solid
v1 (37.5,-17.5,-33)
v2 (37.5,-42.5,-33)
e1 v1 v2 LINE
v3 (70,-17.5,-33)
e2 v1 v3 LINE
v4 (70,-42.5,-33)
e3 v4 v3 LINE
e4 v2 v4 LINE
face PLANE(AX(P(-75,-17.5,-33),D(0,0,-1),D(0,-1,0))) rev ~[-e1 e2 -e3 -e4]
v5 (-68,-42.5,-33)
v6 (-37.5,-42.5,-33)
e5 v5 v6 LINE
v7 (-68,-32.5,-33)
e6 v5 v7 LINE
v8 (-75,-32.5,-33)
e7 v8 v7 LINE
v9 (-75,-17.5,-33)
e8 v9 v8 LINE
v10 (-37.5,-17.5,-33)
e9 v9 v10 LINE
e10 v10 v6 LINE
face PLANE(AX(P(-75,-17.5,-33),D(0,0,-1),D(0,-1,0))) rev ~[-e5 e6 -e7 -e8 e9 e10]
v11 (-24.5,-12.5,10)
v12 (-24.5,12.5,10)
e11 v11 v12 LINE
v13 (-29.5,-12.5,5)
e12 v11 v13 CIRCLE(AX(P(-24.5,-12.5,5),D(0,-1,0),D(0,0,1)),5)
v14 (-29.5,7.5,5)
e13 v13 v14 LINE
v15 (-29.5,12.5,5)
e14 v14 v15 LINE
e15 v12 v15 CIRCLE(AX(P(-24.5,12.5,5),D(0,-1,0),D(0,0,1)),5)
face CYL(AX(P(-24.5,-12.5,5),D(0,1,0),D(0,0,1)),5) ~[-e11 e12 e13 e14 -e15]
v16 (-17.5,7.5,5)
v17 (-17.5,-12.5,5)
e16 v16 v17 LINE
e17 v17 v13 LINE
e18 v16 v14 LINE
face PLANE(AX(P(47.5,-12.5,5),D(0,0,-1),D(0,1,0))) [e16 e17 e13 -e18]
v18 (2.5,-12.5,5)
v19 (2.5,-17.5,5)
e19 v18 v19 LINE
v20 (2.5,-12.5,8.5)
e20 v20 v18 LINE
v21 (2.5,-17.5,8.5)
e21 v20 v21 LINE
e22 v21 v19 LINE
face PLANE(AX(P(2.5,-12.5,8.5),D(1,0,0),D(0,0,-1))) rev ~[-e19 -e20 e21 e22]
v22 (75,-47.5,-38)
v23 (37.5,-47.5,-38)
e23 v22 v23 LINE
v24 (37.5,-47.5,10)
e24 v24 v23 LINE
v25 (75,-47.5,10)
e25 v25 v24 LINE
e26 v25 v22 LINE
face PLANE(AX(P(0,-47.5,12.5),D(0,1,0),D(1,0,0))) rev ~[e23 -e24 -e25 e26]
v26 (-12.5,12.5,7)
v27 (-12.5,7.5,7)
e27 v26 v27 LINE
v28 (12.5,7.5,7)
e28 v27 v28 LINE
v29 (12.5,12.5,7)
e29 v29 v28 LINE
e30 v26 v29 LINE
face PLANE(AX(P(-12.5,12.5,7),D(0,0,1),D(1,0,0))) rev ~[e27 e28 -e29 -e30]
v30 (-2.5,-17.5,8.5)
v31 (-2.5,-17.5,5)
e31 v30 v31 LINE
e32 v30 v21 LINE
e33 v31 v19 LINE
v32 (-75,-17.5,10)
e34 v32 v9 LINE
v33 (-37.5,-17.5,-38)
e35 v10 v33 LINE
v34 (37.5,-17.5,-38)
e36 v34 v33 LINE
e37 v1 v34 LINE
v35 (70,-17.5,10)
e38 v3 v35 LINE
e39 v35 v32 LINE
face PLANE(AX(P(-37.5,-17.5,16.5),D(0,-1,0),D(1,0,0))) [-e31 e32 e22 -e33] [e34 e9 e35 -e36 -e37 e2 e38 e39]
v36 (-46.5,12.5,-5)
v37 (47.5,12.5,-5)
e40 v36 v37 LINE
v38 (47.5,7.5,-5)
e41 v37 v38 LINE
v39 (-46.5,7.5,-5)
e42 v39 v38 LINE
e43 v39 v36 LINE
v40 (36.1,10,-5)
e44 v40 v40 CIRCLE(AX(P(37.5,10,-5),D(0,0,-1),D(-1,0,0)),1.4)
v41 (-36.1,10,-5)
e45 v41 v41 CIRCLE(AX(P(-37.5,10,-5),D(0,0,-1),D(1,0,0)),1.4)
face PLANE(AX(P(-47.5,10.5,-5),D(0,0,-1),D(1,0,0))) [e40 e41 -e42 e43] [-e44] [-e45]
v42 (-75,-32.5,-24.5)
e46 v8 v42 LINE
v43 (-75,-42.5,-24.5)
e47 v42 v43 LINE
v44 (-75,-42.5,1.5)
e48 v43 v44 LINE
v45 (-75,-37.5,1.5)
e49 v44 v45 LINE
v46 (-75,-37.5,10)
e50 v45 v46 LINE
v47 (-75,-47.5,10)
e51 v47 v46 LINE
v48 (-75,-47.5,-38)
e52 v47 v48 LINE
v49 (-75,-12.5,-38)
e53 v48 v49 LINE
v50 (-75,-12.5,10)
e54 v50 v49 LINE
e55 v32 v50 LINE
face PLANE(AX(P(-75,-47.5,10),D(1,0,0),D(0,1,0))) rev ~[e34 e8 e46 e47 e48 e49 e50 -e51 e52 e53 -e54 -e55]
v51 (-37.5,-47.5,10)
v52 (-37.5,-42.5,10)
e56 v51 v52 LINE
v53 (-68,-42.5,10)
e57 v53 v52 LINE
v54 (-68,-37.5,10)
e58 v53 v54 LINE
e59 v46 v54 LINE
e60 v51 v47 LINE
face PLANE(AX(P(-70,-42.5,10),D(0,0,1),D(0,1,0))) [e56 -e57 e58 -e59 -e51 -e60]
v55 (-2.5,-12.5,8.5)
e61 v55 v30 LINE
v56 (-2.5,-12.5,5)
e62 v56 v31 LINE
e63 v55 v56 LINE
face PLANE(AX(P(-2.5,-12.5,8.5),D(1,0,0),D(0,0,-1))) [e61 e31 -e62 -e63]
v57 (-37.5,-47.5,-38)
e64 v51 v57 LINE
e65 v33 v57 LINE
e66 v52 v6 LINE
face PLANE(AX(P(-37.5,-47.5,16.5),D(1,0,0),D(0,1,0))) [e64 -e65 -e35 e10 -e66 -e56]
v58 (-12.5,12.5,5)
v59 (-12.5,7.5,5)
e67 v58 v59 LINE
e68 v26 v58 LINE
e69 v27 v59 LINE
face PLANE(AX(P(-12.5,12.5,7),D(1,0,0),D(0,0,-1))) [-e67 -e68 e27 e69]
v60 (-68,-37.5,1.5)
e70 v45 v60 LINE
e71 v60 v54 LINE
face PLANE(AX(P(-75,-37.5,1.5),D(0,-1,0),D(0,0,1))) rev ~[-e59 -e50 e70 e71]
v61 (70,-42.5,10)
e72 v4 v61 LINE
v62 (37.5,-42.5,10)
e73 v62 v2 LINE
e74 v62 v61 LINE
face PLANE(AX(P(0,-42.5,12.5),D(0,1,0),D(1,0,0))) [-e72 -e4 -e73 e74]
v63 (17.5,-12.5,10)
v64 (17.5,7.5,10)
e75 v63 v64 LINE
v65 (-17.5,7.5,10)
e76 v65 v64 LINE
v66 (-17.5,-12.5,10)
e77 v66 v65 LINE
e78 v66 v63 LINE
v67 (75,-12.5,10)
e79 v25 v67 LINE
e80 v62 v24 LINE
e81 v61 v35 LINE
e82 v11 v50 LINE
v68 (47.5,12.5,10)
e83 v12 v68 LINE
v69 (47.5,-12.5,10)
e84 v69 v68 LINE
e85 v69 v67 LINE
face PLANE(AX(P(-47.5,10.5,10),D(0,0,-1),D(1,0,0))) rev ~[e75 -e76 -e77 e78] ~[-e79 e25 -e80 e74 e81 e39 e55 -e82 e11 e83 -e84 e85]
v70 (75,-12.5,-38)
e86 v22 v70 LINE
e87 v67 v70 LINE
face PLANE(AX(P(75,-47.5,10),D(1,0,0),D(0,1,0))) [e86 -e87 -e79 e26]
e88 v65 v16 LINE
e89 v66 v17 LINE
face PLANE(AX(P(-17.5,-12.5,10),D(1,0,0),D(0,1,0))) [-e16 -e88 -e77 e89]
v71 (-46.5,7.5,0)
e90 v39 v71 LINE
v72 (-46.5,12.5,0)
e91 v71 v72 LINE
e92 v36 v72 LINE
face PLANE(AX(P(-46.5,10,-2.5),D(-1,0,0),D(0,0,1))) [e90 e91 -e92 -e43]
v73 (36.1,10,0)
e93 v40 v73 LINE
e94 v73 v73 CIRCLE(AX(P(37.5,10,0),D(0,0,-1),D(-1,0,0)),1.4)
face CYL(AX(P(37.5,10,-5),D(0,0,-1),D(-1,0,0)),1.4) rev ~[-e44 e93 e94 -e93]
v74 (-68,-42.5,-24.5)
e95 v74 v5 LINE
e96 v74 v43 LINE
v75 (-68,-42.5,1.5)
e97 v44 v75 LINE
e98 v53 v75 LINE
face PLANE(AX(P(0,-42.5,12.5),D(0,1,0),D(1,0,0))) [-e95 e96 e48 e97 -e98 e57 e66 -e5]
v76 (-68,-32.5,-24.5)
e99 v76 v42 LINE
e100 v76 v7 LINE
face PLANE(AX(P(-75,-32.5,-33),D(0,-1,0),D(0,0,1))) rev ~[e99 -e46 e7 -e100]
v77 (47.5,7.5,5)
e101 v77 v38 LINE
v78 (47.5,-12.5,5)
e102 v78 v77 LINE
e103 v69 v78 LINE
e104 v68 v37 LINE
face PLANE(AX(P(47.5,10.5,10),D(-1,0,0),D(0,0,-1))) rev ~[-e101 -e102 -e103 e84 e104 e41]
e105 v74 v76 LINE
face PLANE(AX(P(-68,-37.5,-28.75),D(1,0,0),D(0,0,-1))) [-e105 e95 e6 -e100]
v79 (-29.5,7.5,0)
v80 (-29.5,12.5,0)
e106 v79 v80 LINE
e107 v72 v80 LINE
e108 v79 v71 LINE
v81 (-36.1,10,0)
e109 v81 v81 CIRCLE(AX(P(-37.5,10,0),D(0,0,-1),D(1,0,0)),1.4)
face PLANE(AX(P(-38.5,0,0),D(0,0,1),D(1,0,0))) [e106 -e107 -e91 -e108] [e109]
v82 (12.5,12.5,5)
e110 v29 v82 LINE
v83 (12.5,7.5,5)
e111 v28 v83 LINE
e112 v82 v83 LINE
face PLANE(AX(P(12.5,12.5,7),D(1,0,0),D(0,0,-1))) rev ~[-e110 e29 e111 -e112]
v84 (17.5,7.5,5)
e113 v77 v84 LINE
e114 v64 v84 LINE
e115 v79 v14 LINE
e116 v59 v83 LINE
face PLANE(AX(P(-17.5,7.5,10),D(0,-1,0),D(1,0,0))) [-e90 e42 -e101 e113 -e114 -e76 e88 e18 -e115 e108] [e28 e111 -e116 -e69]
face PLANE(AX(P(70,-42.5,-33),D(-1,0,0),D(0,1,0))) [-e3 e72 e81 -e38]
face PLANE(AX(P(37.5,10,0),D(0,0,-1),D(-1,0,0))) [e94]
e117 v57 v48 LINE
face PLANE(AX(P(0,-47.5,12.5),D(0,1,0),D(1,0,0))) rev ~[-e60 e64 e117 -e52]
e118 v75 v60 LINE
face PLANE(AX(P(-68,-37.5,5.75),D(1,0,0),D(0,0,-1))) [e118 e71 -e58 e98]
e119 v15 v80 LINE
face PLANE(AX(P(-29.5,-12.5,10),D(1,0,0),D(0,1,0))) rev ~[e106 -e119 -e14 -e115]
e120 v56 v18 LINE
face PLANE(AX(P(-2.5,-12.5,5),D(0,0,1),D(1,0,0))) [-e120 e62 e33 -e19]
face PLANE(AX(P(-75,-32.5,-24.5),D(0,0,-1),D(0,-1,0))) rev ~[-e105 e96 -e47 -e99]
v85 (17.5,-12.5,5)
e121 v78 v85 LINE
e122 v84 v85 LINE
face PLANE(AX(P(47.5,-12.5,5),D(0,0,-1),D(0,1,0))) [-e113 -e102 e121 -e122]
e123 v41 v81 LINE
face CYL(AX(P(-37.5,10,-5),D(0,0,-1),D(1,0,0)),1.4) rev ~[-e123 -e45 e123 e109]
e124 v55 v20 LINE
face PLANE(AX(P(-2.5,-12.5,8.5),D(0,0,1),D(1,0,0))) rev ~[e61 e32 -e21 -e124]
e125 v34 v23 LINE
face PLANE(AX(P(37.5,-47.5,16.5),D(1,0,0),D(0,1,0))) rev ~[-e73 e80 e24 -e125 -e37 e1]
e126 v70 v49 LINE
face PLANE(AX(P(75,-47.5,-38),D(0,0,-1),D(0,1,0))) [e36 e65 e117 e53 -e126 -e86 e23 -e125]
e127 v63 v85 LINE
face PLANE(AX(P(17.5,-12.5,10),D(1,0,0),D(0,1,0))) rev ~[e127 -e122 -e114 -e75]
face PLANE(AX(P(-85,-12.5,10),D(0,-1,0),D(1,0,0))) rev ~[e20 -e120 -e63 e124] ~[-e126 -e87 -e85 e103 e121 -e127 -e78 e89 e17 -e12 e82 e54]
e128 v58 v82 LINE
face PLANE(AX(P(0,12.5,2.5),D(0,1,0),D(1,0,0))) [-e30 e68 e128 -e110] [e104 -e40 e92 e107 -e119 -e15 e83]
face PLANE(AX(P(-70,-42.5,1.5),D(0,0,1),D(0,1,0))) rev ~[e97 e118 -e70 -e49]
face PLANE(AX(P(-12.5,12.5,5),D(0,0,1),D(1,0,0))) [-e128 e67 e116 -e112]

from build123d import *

# Parameters (mm, degrees)
CROQUIS1_W                  = 7.5
CROQUIS1_H                  = 15
CROQUIS1_W_2                = 95
CROQUIS1_H_2                = 3
SALIENTE_EXTRUIR1_DEPTH     = 5
CROQUIS2_W                  = 95
CROQUIS2_H                  = 3
SALIENTE_EXTRUIR2_DEPTH     = 5
CROQUIS5_W                  = 5
CROQUIS5_H                  = 15
CORTAR_EXTRUIR2_DEPTH       = 96.709194961
CROQUIS6_W                  = 5
CROQUIS6_H                  = 23
SALIENTE_EXTRUIR3_DEPTH     = 95
CROQUIS7_W                  = 35
CROQUIS7_H                  = 20
CORTAR_EXTRUIR3_DEPTH       = 52.35659646
CROQUIS9_W                  = 165
CROQUIS9_H                  = 40
SALIENTE_EXTRUIR4_DEPTH     = 50
CROQUIS15_W                 = 95
CROQUIS15_H                 = 15
SALIENTE_EXTRUIR7_DEPTH     = 2
CROQUIS16_R                 = 1.4
CORTAR_EXTRUIR7_DEPTH       = 5
CROQUIS18_W                 = 25
CROQUIS18_H                 = 2
CORTAR_EXTRUIR9_DEPTH       = 5
CORTAR_EXTRUIR10_DEPTH      = 112.719514858
CORTAR_EXTRUIR10_DEPTH_BACK = 43
CROQUIS19_W                 = 140
CROQUIS19_H                 = 25
CROQUIS20_W                 = 10
CROQUIS20_H                 = 35
CROQUIS20_H_2               = 5
CROQUIS20_W_2               = 150
CROQUIS20_W_3               = 5
CORTAR_EXTRUIR11_DEPTH      = 112.719514858
CROQUIS23_W                 = 2
CROQUIS23_H                 = 35
CORTAR_EXTRUIR12_DEPTH      = 163.346080951
CORTAR_EXTRUIR13_DEPTH      = 5
CROQUIS25_W                 = 8
CROQUIS25_H                 = 8
CROQUIS25_W_2               = 5
CROQUIS25_H_2               = 5
SALIENTE_EXTRUIR8_DEPTH     = 5
CROQUIS27_W                 = 5
CROQUIS27_H                 = 3.5
CORTAR_EXTRUIR14_DEPTH      = 5
CROQUIS28_W                 = 8.5
CROQUIS28_H                 = 10
SALIENTE_EXTRUIR9_DEPTH     = 2
CROQUIS29_W                 = 75
CROQUIS29_H                 = 30
CORTAR_EXTRUIR15_DEPTH      = 105.170533262
CROQUIS30_W                 = 8.5
CROQUIS30_H                 = 5
CORTAR_EXTRUIR16_DEPTH      = 7
CROQUIS31_W                 = 18
CROQUIS31_H                 = 25
CORTAR_EXTRUIR17_DEPTH      = 10
CROQUIS32_W                 = 5
CROQUIS32_H                 = 5
CORTAR_EXTRUIR18_DEPTH      = 1
REDONDEO4_R                 = 5


with BuildPart() as part:
    # Croquis1 → Saliente-Extruir1 (new body)
    with BuildSketch(Plane.XY):
        with Locations((43.75, 0)):
            Rectangle(CROQUIS1_W, CROQUIS1_H)
        with Locations((0, 9)):
            Rectangle(CROQUIS1_W_2, CROQUIS1_H_2)
        with Locations((-43.75, 0)):
            Rectangle(CROQUIS1_W, CROQUIS1_H)
    extrude(amount=SALIENTE_EXTRUIR1_DEPTH)

    # Croquis2 → Saliente-Extruir2 (add)
    with BuildSketch(Plane(origin=(0, 0, 0), x_dir=(-1, 0, 0), z_dir=(0, 0, -1))):
        with Locations((0, 9)):
            Rectangle(CROQUIS2_W, CROQUIS2_H)
    extrude(amount=SALIENTE_EXTRUIR2_DEPTH)

    # Croquis5 → Cortar-Extruir2 (cut, through all)
    with BuildSketch(Plane(origin=(47.5, 0, 0), x_dir=(0, 0, -1), z_dir=(1, 0, 0))):
        with Locations((-2.5, 0)):
            Rectangle(CROQUIS5_W, CROQUIS5_H)
    extrude(amount=-CORTAR_EXTRUIR2_DEPTH, mode=Mode.SUBTRACT)

    # Croquis6 → Saliente-Extruir3 (add, through all)
    with BuildSketch(Plane(origin=(47.5, 0, 0), x_dir=(0, 0, -1), z_dir=(1, 0, 0))):
        with Locations((-7.5, -1)):
            Rectangle(CROQUIS6_W, CROQUIS6_H)
    extrude(amount=-SALIENTE_EXTRUIR3_DEPTH)

    # Croquis7 → Cortar-Extruir3 (cut, through all)
    with BuildSketch(Plane.XY.offset(10)):
        with Locations((0, -2.5)):
            Rectangle(CROQUIS7_W, CROQUIS7_H)
    extrude(amount=-CORTAR_EXTRUIR3_DEPTH, mode=Mode.SUBTRACT)

    # Croquis9 → Saliente-Extruir4 (add)
    with BuildSketch(Plane.XY.offset(10)):
        with Locations((-2.5, -32.5)):
            Rectangle(CROQUIS9_W, CROQUIS9_H)
    extrude(amount=-SALIENTE_EXTRUIR4_DEPTH)

    # Croquis15 → Saliente-Extruir7 (add)
    with BuildSketch(Plane(origin=(0, 10.5, 0), x_dir=(1, 0, 0), z_dir=(0, 1, 0))):
        with Locations((0, -2.5)):
            Rectangle(CROQUIS15_W, CROQUIS15_H)
    extrude(amount=SALIENTE_EXTRUIR7_DEPTH)

    # Croquis16 → Cortar-Extruir7 (cut)
    with BuildSketch(Plane(origin=(0, 0, -5), x_dir=(-1, 0, 0), z_dir=(0, 0, -1))):
        with Locations((-37.5, 10)):
            Circle(CROQUIS16_R)
        with Locations(Location((37.5, 10, 0), (0, 0, 180))):
            Circle(CROQUIS16_R)
    extrude(amount=-CORTAR_EXTRUIR7_DEPTH, mode=Mode.SUBTRACT)

    # Croquis18 → Cortar-Extruir9 (cut)
    with BuildSketch(Plane(origin=(0, 12.5, 0), x_dir=(1, 0, 0), z_dir=(0, 1, 0))):
        with Locations((0, -6)):
            Rectangle(CROQUIS18_W, CROQUIS18_H)
    extrude(amount=-CORTAR_EXTRUIR9_DEPTH, mode=Mode.SUBTRACT)

    # Croquis19 → Cortar-Extruir10 (cut, two sides: drawn at the far end of the back side and taken through both)
    with BuildSketch(Plane.XY.offset(10).offset(-CORTAR_EXTRUIR10_DEPTH_BACK)):
        with Locations((0, -30)):
            Rectangle(CROQUIS19_W, CROQUIS19_H)
    extrude(amount=CORTAR_EXTRUIR10_DEPTH + CORTAR_EXTRUIR10_DEPTH_BACK, mode=Mode.SUBTRACT)

    # Croquis20 → Cortar-Extruir11 (cut, through all)
    with BuildSketch(Plane.XY.offset(10)):
        with Locations((-80, -30)):
            Rectangle(CROQUIS20_W, CROQUIS20_H)
        with Locations((-80, -50)):
            Rectangle(CROQUIS20_W, CROQUIS20_H_2)
        with Locations((0, -50)):
            Rectangle(CROQUIS20_W_2, CROQUIS20_H_2)
        with Locations((77.5, -50)):
            Rectangle(CROQUIS20_W_3, CROQUIS20_H_2)
        with Locations((77.5, -30)):
            Rectangle(CROQUIS20_W_3, CROQUIS20_H)
    extrude(amount=-CORTAR_EXTRUIR11_DEPTH, mode=Mode.SUBTRACT)

    # Croquis23 → Cortar-Extruir12 (cut, through all)
    with BuildSketch(Plane(origin=(75, 0, 0), x_dir=(0, 0, -1), z_dir=(1, 0, 0))):
        with Locations((39, -30)):
            Rectangle(CROQUIS23_W, CROQUIS23_H)
    extrude(amount=-CORTAR_EXTRUIR12_DEPTH, mode=Mode.SUBTRACT)

    # Croquis24 → Cortar-Extruir13 (cut)
    with BuildSketch(Plane.ZY.offset(75)):
        Polygon((10, -32.5), (10, -17.5), (-33, -17.5), (-33, -32.5), (-24.5, -32.5), (-24.5, -42.5), (1.5, -42.5), (1.5, -32.5), align=None)
    extrude(amount=-CORTAR_EXTRUIR13_DEPTH, mode=Mode.SUBTRACT)

    # Croquis25 → Saliente-Extruir8 (add, through all)
    with BuildSketch(Plane(origin=(0, -42.5, 0), x_dir=(1, 0, 0), z_dir=(0, 1, 0))):
        with Locations((0, -12.5)):
            Rectangle(CROQUIS25_W, CROQUIS25_H)
        with Locations((0, -12.5)):
            Rectangle(CROQUIS25_W_2, CROQUIS25_H_2, mode=Mode.SUBTRACT)
    extrude(amount=-SALIENTE_EXTRUIR8_DEPTH)

    # Croquis27 → Cortar-Extruir14 (cut)
    with BuildSketch(Plane(origin=(0, -12.5, 0), x_dir=(1, 0, 0), z_dir=(0, 1, 0))):
        with Locations((0, -6.75)):
            Rectangle(CROQUIS27_W, CROQUIS27_H)
    extrude(amount=-CORTAR_EXTRUIR14_DEPTH, mode=Mode.SUBTRACT)

    # Croquis28 → Saliente-Extruir9 (add)
    with BuildSketch(Plane(origin=(-70, 0, 0), x_dir=(0, 0, -1), z_dir=(1, 0, 0))):
        with Locations((-5.75, -37.5)):
            Rectangle(CROQUIS28_W, CROQUIS28_H)
        with Locations((28.75, -37.5)):
            Rectangle(CROQUIS28_W, CROQUIS28_H)
    extrude(amount=SALIENTE_EXTRUIR9_DEPTH)

    # Croquis29 → Cortar-Extruir15 (cut, through all)
    with BuildSketch(Plane.XY.offset(16.5)):
        with Locations((0, -32.5)):
            Rectangle(CROQUIS29_W, CROQUIS29_H)
    extrude(amount=-CORTAR_EXTRUIR15_DEPTH, mode=Mode.SUBTRACT)

    # Croquis30 → Cortar-Extruir16 (cut)
    with BuildSketch(Plane.ZY.offset(75)):
        with Locations((5.75, -35)):
            Rectangle(CROQUIS30_W, CROQUIS30_H)
    extrude(amount=-CORTAR_EXTRUIR16_DEPTH, mode=Mode.SUBTRACT)

    # Croquis31 → Cortar-Extruir17 (cut)
    with BuildSketch(Plane.XY.offset(10)):
        with Locations((-38.5, 0)):
            Rectangle(CROQUIS31_W, CROQUIS31_H)
    extrude(amount=-CORTAR_EXTRUIR17_DEPTH, mode=Mode.SUBTRACT)

    # Croquis32 → Cortar-Extruir18 (cut)
    with BuildSketch(Plane.ZY.offset(47.5)):
        with Locations((-2.5, 10)):
            Rectangle(CROQUIS32_W, CROQUIS32_H)
    extrude(amount=-CORTAR_EXTRUIR18_DEPTH, mode=Mode.SUBTRACT)

    # Redondeo4
    redondeo4_edges = [part.edges().sort_by_distance(p)[0] for p in [
        (-29.5, 0, 10),
    ]]
    fillet(redondeo4_edges, radius=REDONDEO4_R)


solid = part.part
